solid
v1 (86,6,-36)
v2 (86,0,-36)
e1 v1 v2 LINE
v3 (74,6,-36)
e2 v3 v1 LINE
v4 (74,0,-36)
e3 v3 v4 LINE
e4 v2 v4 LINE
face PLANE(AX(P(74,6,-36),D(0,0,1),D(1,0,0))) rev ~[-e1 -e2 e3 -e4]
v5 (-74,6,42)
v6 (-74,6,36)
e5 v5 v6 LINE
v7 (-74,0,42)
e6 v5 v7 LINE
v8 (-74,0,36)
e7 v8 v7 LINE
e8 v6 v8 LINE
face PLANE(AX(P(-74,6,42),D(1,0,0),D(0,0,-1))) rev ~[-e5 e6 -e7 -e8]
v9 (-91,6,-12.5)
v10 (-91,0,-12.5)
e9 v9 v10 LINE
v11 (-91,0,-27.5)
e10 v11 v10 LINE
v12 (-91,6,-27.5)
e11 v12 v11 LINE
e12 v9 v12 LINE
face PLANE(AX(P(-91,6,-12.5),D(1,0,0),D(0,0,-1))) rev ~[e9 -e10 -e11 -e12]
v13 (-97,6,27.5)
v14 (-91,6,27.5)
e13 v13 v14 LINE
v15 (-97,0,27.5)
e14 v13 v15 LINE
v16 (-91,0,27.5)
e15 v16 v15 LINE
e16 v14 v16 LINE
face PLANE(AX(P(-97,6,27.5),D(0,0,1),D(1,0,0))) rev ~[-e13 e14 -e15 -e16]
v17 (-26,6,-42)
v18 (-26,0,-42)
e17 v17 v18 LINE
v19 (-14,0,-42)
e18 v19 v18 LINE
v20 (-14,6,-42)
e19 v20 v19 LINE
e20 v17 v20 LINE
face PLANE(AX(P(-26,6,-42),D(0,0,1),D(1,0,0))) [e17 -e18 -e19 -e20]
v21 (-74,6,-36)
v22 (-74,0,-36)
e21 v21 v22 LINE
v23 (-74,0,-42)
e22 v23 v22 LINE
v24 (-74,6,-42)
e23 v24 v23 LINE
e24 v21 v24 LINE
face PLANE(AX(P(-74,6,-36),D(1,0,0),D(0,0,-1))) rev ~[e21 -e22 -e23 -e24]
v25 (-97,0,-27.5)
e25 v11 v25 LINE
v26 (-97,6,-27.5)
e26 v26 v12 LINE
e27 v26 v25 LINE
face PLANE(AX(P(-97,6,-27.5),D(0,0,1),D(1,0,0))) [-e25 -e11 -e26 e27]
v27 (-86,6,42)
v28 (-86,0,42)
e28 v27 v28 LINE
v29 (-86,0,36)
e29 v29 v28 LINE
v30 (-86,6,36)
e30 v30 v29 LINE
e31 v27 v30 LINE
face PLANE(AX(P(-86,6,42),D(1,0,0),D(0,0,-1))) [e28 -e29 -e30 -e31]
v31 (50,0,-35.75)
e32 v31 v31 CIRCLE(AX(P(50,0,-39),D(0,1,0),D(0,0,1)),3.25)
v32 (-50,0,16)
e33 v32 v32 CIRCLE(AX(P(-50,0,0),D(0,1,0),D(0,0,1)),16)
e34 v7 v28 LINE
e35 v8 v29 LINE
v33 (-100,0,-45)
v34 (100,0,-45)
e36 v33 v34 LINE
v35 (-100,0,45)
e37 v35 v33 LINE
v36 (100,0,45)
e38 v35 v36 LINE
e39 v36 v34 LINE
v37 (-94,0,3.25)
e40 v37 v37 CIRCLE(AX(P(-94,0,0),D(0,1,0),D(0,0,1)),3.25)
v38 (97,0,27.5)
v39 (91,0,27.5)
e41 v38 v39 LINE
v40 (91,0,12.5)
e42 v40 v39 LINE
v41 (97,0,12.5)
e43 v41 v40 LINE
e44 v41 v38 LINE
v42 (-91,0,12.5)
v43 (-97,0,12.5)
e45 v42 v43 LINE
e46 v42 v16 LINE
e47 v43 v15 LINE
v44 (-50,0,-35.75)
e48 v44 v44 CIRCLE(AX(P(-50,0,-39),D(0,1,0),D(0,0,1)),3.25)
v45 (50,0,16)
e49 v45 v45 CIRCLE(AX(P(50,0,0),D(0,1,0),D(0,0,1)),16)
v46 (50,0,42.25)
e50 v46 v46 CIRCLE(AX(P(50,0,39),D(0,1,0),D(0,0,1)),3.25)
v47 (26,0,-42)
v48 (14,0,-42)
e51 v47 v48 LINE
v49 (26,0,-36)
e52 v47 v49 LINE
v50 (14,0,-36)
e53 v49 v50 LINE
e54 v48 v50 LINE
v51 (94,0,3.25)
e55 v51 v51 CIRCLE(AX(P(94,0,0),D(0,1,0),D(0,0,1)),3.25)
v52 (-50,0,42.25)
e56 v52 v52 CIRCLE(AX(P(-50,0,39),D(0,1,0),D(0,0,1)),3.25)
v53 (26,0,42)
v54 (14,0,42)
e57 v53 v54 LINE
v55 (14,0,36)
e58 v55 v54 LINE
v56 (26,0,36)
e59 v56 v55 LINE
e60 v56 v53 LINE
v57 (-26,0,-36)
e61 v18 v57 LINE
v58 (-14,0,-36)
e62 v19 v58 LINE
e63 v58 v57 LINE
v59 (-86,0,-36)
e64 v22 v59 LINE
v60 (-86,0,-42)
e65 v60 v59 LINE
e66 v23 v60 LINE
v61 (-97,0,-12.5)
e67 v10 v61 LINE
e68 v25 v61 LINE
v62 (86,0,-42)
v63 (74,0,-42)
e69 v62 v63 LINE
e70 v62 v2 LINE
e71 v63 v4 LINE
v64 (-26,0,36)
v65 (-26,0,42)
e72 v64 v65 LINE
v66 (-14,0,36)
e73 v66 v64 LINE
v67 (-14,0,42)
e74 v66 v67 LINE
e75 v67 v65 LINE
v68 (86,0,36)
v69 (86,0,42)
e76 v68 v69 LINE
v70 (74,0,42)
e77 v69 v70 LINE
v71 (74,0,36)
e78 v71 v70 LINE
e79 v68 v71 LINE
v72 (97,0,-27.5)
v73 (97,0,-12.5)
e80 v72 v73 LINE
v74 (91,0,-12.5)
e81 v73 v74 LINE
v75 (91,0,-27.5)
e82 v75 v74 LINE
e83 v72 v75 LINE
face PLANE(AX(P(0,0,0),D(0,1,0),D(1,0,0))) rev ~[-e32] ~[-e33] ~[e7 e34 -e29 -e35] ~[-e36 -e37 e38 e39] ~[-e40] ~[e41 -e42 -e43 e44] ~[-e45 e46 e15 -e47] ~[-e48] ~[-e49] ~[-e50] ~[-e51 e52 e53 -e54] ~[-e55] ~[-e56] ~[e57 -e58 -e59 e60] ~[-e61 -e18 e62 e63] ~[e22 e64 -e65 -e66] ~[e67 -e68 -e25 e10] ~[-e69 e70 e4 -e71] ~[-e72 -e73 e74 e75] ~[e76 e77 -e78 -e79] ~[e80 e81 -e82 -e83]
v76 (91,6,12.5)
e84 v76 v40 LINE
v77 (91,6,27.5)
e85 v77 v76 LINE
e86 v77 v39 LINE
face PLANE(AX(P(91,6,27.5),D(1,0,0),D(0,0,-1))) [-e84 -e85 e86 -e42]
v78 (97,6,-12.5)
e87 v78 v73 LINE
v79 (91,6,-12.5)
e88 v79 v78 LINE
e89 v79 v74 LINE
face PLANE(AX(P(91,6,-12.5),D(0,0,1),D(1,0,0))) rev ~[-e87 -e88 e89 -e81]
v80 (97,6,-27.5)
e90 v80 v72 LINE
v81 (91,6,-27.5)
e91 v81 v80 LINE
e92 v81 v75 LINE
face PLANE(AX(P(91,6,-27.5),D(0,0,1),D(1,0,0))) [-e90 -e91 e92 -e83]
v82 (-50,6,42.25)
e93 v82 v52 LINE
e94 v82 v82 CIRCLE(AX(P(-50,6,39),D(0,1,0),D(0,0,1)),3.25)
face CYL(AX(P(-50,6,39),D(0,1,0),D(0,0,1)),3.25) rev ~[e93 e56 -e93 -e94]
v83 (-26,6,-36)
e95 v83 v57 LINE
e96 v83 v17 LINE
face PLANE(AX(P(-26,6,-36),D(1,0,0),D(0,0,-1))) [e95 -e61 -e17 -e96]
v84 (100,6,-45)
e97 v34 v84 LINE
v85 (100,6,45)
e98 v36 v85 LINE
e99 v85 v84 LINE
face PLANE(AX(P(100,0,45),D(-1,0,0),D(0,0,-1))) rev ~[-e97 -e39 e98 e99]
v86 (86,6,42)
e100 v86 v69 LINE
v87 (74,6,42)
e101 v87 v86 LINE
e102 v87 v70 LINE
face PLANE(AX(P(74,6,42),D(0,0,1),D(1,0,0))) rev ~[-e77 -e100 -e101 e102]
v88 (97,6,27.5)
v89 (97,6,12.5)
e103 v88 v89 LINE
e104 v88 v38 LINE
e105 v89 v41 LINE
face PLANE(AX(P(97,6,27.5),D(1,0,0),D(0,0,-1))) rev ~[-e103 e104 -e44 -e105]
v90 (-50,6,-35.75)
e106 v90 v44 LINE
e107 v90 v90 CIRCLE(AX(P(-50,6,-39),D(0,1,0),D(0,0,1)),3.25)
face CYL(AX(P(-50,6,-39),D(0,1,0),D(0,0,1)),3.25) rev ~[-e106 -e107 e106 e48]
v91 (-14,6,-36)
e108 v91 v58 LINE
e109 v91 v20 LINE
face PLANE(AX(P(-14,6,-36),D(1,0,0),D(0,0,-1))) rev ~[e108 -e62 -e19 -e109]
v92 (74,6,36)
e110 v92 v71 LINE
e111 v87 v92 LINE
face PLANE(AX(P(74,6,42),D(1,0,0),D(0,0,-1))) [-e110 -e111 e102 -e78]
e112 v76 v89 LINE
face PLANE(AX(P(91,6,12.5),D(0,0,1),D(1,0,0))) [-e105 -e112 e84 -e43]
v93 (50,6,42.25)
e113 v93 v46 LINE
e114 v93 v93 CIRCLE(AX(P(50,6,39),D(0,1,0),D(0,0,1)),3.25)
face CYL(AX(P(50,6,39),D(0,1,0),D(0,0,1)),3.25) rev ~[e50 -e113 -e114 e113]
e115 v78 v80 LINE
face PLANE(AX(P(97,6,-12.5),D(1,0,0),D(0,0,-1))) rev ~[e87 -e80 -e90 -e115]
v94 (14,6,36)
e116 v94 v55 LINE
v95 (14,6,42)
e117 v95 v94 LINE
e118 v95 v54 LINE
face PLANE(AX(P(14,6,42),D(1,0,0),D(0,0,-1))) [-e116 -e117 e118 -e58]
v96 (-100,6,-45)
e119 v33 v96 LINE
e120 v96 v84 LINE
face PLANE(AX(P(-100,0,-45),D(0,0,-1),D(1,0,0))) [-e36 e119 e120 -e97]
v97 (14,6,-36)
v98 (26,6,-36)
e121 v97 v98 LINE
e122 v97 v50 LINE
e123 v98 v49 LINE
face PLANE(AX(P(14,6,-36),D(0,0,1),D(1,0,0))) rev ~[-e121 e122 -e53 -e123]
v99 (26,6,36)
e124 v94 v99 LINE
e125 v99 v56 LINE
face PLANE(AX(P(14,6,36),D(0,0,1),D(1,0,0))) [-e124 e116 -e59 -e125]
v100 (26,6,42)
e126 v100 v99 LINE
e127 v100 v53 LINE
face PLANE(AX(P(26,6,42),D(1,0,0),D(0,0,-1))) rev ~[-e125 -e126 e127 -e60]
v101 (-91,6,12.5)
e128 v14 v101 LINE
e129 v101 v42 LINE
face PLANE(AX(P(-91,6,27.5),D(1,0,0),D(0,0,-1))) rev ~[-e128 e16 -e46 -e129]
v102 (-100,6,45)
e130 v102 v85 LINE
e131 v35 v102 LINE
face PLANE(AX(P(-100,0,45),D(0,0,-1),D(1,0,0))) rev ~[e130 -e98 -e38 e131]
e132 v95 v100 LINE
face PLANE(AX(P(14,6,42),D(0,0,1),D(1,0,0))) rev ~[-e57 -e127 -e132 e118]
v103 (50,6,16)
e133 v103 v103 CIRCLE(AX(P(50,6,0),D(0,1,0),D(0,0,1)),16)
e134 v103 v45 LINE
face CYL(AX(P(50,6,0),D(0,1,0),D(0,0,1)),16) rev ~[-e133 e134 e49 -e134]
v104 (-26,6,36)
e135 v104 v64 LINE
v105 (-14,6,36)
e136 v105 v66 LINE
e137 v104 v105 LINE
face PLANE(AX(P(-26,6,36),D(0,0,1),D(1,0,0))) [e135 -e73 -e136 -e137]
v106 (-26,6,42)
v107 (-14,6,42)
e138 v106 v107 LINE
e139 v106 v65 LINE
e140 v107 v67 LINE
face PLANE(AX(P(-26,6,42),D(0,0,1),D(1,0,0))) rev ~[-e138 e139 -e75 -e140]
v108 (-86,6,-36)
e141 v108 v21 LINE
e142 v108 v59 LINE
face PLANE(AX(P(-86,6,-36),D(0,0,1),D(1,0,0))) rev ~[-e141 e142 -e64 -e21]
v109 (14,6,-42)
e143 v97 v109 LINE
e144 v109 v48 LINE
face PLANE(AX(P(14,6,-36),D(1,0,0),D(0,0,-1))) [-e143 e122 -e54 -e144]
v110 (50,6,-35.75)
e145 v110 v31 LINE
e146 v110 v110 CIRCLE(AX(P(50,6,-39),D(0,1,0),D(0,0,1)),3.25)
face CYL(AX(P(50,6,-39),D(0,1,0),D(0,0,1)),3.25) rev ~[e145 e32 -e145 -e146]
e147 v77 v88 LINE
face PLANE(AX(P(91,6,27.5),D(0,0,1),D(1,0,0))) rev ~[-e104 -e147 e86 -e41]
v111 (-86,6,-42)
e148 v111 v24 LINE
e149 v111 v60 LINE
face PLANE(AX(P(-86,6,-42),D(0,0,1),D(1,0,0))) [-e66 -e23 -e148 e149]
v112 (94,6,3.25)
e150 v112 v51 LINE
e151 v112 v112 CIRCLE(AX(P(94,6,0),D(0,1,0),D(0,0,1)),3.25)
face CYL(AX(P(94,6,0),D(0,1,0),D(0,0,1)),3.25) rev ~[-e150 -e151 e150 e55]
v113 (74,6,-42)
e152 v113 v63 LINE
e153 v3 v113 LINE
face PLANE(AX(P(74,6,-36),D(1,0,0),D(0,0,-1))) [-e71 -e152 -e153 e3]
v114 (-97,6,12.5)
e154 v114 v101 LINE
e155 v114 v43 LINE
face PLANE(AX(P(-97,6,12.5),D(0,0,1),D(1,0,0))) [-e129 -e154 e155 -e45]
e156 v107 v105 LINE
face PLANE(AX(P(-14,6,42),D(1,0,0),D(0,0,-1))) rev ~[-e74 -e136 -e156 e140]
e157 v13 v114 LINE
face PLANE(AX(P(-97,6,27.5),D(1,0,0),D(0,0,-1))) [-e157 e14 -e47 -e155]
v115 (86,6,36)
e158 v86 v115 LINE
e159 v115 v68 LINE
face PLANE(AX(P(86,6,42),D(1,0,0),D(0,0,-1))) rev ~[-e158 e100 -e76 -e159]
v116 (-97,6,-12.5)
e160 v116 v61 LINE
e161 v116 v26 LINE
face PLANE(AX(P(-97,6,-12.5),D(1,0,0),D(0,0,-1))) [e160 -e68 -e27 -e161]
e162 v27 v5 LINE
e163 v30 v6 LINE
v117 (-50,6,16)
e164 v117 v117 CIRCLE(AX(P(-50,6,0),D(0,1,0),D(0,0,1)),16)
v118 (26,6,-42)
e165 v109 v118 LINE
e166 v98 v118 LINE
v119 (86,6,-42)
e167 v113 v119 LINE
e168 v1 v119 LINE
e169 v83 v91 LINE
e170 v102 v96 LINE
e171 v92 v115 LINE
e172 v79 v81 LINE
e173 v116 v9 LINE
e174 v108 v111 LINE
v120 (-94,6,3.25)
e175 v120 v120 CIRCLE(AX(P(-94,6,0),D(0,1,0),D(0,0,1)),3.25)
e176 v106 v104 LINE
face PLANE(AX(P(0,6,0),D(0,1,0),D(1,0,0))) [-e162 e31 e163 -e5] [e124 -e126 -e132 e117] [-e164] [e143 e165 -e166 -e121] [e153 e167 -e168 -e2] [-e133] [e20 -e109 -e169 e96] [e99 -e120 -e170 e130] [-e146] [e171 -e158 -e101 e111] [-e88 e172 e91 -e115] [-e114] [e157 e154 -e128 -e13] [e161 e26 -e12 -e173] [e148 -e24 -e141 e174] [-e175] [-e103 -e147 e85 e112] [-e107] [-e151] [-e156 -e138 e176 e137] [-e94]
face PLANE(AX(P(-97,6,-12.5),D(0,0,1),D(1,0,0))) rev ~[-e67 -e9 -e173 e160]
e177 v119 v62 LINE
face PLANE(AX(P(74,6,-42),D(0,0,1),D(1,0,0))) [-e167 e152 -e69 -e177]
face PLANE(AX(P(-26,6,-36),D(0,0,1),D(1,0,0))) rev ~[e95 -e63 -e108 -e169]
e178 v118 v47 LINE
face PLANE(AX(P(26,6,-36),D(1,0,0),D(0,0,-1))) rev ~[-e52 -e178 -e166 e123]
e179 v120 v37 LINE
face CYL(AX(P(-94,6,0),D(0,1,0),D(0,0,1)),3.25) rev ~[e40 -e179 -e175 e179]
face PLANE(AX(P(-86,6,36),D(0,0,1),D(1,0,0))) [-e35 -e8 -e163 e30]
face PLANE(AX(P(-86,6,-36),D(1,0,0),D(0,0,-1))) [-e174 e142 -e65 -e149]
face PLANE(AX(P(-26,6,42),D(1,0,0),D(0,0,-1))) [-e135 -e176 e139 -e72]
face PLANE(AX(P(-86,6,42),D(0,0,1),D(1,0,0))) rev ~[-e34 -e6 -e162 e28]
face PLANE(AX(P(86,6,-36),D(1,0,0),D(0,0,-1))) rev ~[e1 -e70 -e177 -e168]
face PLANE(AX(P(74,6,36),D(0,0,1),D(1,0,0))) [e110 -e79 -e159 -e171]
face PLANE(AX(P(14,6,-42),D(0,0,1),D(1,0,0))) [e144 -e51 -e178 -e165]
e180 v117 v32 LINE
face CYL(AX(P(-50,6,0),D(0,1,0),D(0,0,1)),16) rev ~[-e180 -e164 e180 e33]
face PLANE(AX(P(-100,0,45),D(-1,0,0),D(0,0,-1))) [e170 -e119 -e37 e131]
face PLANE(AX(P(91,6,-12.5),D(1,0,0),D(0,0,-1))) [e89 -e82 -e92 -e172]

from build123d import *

# Parameters (mm, degrees)
SKETCH1_W           = 200
SKETCH1_H           = 90
BOSS_EXTRUDE1_DEPTH = 6
CUT_EXTRUDE1_REACH  = 111.823
SKETCH2_R           = 16
CUT_EXTRUDE2_REACH  = 111.823
SKETCH3_R           = 3.25
SKETCH3_W           = 12
SKETCH3_H           = 6
SKETCH3_W_2         = 6
SKETCH3_H_2         = 15


with BuildPart() as part:
    # Sketch1 → Boss-Extrude1 (new body)
    with BuildSketch(Plane(origin=(0, 0, 0), x_dir=(1, 0, 0), z_dir=(0, 1, 0))):
        Rectangle(SKETCH1_W, SKETCH1_H)
    extrude(amount=BOSS_EXTRUDE1_DEPTH)

    # Sketch2 → Cut-Extrude1 (cut, up to next)
    with BuildSketch(Plane(origin=(0, 6, 0), x_dir=(1, 0, 0), z_dir=(0, 1, 0)), mode=Mode.PRIVATE) as cut_extrude1_sk1:
        with Locations(Location((-50, 0, 0), (0, 0, 270))):
            Circle(SKETCH2_R)
    cut_extrude1_tool1 = extrude(cut_extrude1_sk1.sketch, amount=-CUT_EXTRUDE1_REACH, mode=Mode.PRIVATE) & part.part
    # Sketch2 → Cut-Extrude1 (cut, up to next)
    with BuildSketch(Plane(origin=(0, 6, 0), x_dir=(1, 0, 0), z_dir=(0, 1, 0)), mode=Mode.PRIVATE) as cut_extrude1_sk2:
        with Locations(Location((50, 0, 0), (0, 0, 270))):
            Circle(SKETCH2_R)
    cut_extrude1_tool2 = extrude(cut_extrude1_sk2.sketch, amount=-CUT_EXTRUDE1_REACH, mode=Mode.PRIVATE) & part.part
    add(cut_extrude1_tool1.solids().sort_by_distance((-50, 6, 0))[0], mode=Mode.SUBTRACT)
    add(cut_extrude1_tool2.solids().sort_by_distance((50, 6, 0))[0], mode=Mode.SUBTRACT)

    # Sketch3 → Cut-Extrude2 (cut, up to next)
    with BuildSketch(Plane(origin=(0, 6, 0), x_dir=(1, 0, 0), z_dir=(0, 1, 0)), mode=Mode.PRIVATE) as cut_extrude2_sk1:
        with Locations(Location((-50, 39, 0), (0, 0, 270))):
            Circle(SKETCH3_R)
    cut_extrude2_tool1 = extrude(cut_extrude2_sk1.sketch, amount=-CUT_EXTRUDE2_REACH, mode=Mode.PRIVATE) & part.part
    # Sketch3 → Cut-Extrude2 (cut, up to next)
    with BuildSketch(Plane(origin=(0, 6, 0), x_dir=(1, 0, 0), z_dir=(0, 1, 0)), mode=Mode.PRIVATE) as cut_extrude2_sk2:
        with Locations(Location((50, 39, 0), (0, 0, 270))):
            Circle(SKETCH3_R)
    cut_extrude2_tool2 = extrude(cut_extrude2_sk2.sketch, amount=-CUT_EXTRUDE2_REACH, mode=Mode.PRIVATE) & part.part
    # Sketch3 → Cut-Extrude2 (cut, up to next)
    with BuildSketch(Plane(origin=(0, 6, 0), x_dir=(1, 0, 0), z_dir=(0, 1, 0)), mode=Mode.PRIVATE) as cut_extrude2_sk3:
        with Locations(Location((50, -39, 0), (0, 0, 270))):
            Circle(SKETCH3_R)
    cut_extrude2_tool3 = extrude(cut_extrude2_sk3.sketch, amount=-CUT_EXTRUDE2_REACH, mode=Mode.PRIVATE) & part.part
    # Sketch3 → Cut-Extrude2 (cut, up to next)
    with BuildSketch(Plane(origin=(0, 6, 0), x_dir=(1, 0, 0), z_dir=(0, 1, 0)), mode=Mode.PRIVATE) as cut_extrude2_sk4:
        with Locations(Location((-50, -39, 0), (0, 0, 270))):
            Circle(SKETCH3_R)
    cut_extrude2_tool4 = extrude(cut_extrude2_sk4.sketch, amount=-CUT_EXTRUDE2_REACH, mode=Mode.PRIVATE) & part.part
    # Sketch3 → Cut-Extrude2 (cut, up to next)
    with BuildSketch(Plane(origin=(0, 6, 0), x_dir=(1, 0, 0), z_dir=(0, 1, 0)), mode=Mode.PRIVATE) as cut_extrude2_sk5:
        with Locations(Location((-94, 0, 0), (0, 0, 270))):
            Circle(SKETCH3_R)
    cut_extrude2_tool5 = extrude(cut_extrude2_sk5.sketch, amount=-CUT_EXTRUDE2_REACH, mode=Mode.PRIVATE) & part.part
    # Sketch3 → Cut-Extrude2 (cut, up to next)
    with BuildSketch(Plane(origin=(0, 6, 0), x_dir=(1, 0, 0), z_dir=(0, 1, 0)), mode=Mode.PRIVATE) as cut_extrude2_sk6:
        with Locations(Location((94, 0, 0), (0, 0, 270))):
            Circle(SKETCH3_R)
    cut_extrude2_tool6 = extrude(cut_extrude2_sk6.sketch, amount=-CUT_EXTRUDE2_REACH, mode=Mode.PRIVATE) & part.part
    # Sketch3 → Cut-Extrude2 (cut, up to next)
    with BuildSketch(Plane(origin=(0, 6, 0), x_dir=(1, 0, 0), z_dir=(0, 1, 0)), mode=Mode.PRIVATE) as cut_extrude2_sk7:
        with Locations((-80, 39)):
            Rectangle(SKETCH3_W, SKETCH3_H)
    cut_extrude2_tool7 = extrude(cut_extrude2_sk7.sketch, amount=-CUT_EXTRUDE2_REACH, mode=Mode.PRIVATE) & part.part
    # Sketch3 → Cut-Extrude2 (cut, up to next)
    with BuildSketch(Plane(origin=(0, 6, 0), x_dir=(1, 0, 0), z_dir=(0, 1, 0)), mode=Mode.PRIVATE) as cut_extrude2_sk8:
        with Locations((-20, 39)):
            Rectangle(SKETCH3_W, SKETCH3_H)
    cut_extrude2_tool8 = extrude(cut_extrude2_sk8.sketch, amount=-CUT_EXTRUDE2_REACH, mode=Mode.PRIVATE) & part.part
    # Sketch3 → Cut-Extrude2 (cut, up to next)
    with BuildSketch(Plane(origin=(0, 6, 0), x_dir=(1, 0, 0), z_dir=(0, 1, 0)), mode=Mode.PRIVATE) as cut_extrude2_sk9:
        with Locations((20, 39)):
            Rectangle(SKETCH3_W, SKETCH3_H)
    cut_extrude2_tool9 = extrude(cut_extrude2_sk9.sketch, amount=-CUT_EXTRUDE2_REACH, mode=Mode.PRIVATE) & part.part
    # Sketch3 → Cut-Extrude2 (cut, up to next)
    with BuildSketch(Plane(origin=(0, 6, 0), x_dir=(1, 0, 0), z_dir=(0, 1, 0)), mode=Mode.PRIVATE) as cut_extrude2_sk10:
        with Locations((80, 39)):
            Rectangle(SKETCH3_W, SKETCH3_H)
    cut_extrude2_tool10 = extrude(cut_extrude2_sk10.sketch, amount=-CUT_EXTRUDE2_REACH, mode=Mode.PRIVATE) & part.part
    # Sketch3 → Cut-Extrude2 (cut, up to next)
    with BuildSketch(Plane(origin=(0, 6, 0), x_dir=(1, 0, 0), z_dir=(0, 1, 0)), mode=Mode.PRIVATE) as cut_extrude2_sk11:
        with Locations((80, -39)):
            Rectangle(SKETCH3_W, SKETCH3_H)
    cut_extrude2_tool11 = extrude(cut_extrude2_sk11.sketch, amount=-CUT_EXTRUDE2_REACH, mode=Mode.PRIVATE) & part.part
    # Sketch3 → Cut-Extrude2 (cut, up to next)
    with BuildSketch(Plane(origin=(0, 6, 0), x_dir=(1, 0, 0), z_dir=(0, 1, 0)), mode=Mode.PRIVATE) as cut_extrude2_sk12:
        with Locations((20, -39)):
            Rectangle(SKETCH3_W, SKETCH3_H)
    cut_extrude2_tool12 = extrude(cut_extrude2_sk12.sketch, amount=-CUT_EXTRUDE2_REACH, mode=Mode.PRIVATE) & part.part
    # Sketch3 → Cut-Extrude2 (cut, up to next)
    with BuildSketch(Plane(origin=(0, 6, 0), x_dir=(1, 0, 0), z_dir=(0, 1, 0)), mode=Mode.PRIVATE) as cut_extrude2_sk13:
        with Locations((-20, -39)):
            Rectangle(SKETCH3_W, SKETCH3_H)
    cut_extrude2_tool13 = extrude(cut_extrude2_sk13.sketch, amount=-CUT_EXTRUDE2_REACH, mode=Mode.PRIVATE) & part.part
    # Sketch3 → Cut-Extrude2 (cut, up to next)
    with BuildSketch(Plane(origin=(0, 6, 0), x_dir=(1, 0, 0), z_dir=(0, 1, 0)), mode=Mode.PRIVATE) as cut_extrude2_sk14:
        with Locations((-80, -39)):
            Rectangle(SKETCH3_W, SKETCH3_H)
    cut_extrude2_tool14 = extrude(cut_extrude2_sk14.sketch, amount=-CUT_EXTRUDE2_REACH, mode=Mode.PRIVATE) & part.part
    # Sketch3 → Cut-Extrude2 (cut, up to next)
    with BuildSketch(Plane(origin=(0, 6, 0), x_dir=(1, 0, 0), z_dir=(0, 1, 0)), mode=Mode.PRIVATE) as cut_extrude2_sk15:
        with Locations((-94, 20)):
            Rectangle(SKETCH3_W_2, SKETCH3_H_2)
    cut_extrude2_tool15 = extrude(cut_extrude2_sk15.sketch, amount=-CUT_EXTRUDE2_REACH, mode=Mode.PRIVATE) & part.part
    # Sketch3 → Cut-Extrude2 (cut, up to next)
    with BuildSketch(Plane(origin=(0, 6, 0), x_dir=(1, 0, 0), z_dir=(0, 1, 0)), mode=Mode.PRIVATE) as cut_extrude2_sk16:
        with Locations((-94, -20)):
            Rectangle(SKETCH3_W_2, SKETCH3_H_2)
    cut_extrude2_tool16 = extrude(cut_extrude2_sk16.sketch, amount=-CUT_EXTRUDE2_REACH, mode=Mode.PRIVATE) & part.part
    # Sketch3 → Cut-Extrude2 (cut, up to next)
    with BuildSketch(Plane(origin=(0, 6, 0), x_dir=(1, 0, 0), z_dir=(0, 1, 0)), mode=Mode.PRIVATE) as cut_extrude2_sk17:
        with Locations((94, -20)):
            Rectangle(SKETCH3_W_2, SKETCH3_H_2)
    cut_extrude2_tool17 = extrude(cut_extrude2_sk17.sketch, amount=-CUT_EXTRUDE2_REACH, mode=Mode.PRIVATE) & part.part
    # Sketch3 → Cut-Extrude2 (cut, up to next)
    with BuildSketch(Plane(origin=(0, 6, 0), x_dir=(1, 0, 0), z_dir=(0, 1, 0)), mode=Mode.PRIVATE) as cut_extrude2_sk18:
        with Locations((94, 20)):
            Rectangle(SKETCH3_W_2, SKETCH3_H_2)
    cut_extrude2_tool18 = extrude(cut_extrude2_sk18.sketch, amount=-CUT_EXTRUDE2_REACH, mode=Mode.PRIVATE) & part.part
    add(cut_extrude2_tool1.solids().sort_by_distance((-50, 6, -39))[0], mode=Mode.SUBTRACT)
    add(cut_extrude2_tool2.solids().sort_by_distance((50, 6, -39))[0], mode=Mode.SUBTRACT)
    add(cut_extrude2_tool3.solids().sort_by_distance((50, 6, 39))[0], mode=Mode.SUBTRACT)
    add(cut_extrude2_tool4.solids().sort_by_distance((-50, 6, 39))[0], mode=Mode.SUBTRACT)
    add(cut_extrude2_tool5.solids().sort_by_distance((-94, 6, 0))[0], mode=Mode.SUBTRACT)
    add(cut_extrude2_tool6.solids().sort_by_distance((94, 6, 0))[0], mode=Mode.SUBTRACT)
    add(cut_extrude2_tool7.solids().sort_by_distance((-80, 6, -39))[0], mode=Mode.SUBTRACT)
    add(cut_extrude2_tool8.solids().sort_by_distance((-20, 6, -39))[0], mode=Mode.SUBTRACT)
    add(cut_extrude2_tool9.solids().sort_by_distance((20, 6, -39))[0], mode=Mode.SUBTRACT)
    add(cut_extrude2_tool10.solids().sort_by_distance((80, 6, -39))[0], mode=Mode.SUBTRACT)
    add(cut_extrude2_tool11.solids().sort_by_distance((80, 6, 39))[0], mode=Mode.SUBTRACT)
    add(cut_extrude2_tool12.solids().sort_by_distance((20, 6, 39))[0], mode=Mode.SUBTRACT)
    add(cut_extrude2_tool13.solids().sort_by_distance((-20, 6, 39))[0], mode=Mode.SUBTRACT)
    add(cut_extrude2_tool14.solids().sort_by_distance((-80, 6, 39))[0], mode=Mode.SUBTRACT)
    add(cut_extrude2_tool15.solids().sort_by_distance((-94, 6, -20))[0], mode=Mode.SUBTRACT)
    add(cut_extrude2_tool16.solids().sort_by_distance((-94, 6, 20))[0], mode=Mode.SUBTRACT)
    add(cut_extrude2_tool17.solids().sort_by_distance((94, 6, 20))[0], mode=Mode.SUBTRACT)
    add(cut_extrude2_tool18.solids().sort_by_distance((94, 6, -20))[0], mode=Mode.SUBTRACT)


solid = part.part
